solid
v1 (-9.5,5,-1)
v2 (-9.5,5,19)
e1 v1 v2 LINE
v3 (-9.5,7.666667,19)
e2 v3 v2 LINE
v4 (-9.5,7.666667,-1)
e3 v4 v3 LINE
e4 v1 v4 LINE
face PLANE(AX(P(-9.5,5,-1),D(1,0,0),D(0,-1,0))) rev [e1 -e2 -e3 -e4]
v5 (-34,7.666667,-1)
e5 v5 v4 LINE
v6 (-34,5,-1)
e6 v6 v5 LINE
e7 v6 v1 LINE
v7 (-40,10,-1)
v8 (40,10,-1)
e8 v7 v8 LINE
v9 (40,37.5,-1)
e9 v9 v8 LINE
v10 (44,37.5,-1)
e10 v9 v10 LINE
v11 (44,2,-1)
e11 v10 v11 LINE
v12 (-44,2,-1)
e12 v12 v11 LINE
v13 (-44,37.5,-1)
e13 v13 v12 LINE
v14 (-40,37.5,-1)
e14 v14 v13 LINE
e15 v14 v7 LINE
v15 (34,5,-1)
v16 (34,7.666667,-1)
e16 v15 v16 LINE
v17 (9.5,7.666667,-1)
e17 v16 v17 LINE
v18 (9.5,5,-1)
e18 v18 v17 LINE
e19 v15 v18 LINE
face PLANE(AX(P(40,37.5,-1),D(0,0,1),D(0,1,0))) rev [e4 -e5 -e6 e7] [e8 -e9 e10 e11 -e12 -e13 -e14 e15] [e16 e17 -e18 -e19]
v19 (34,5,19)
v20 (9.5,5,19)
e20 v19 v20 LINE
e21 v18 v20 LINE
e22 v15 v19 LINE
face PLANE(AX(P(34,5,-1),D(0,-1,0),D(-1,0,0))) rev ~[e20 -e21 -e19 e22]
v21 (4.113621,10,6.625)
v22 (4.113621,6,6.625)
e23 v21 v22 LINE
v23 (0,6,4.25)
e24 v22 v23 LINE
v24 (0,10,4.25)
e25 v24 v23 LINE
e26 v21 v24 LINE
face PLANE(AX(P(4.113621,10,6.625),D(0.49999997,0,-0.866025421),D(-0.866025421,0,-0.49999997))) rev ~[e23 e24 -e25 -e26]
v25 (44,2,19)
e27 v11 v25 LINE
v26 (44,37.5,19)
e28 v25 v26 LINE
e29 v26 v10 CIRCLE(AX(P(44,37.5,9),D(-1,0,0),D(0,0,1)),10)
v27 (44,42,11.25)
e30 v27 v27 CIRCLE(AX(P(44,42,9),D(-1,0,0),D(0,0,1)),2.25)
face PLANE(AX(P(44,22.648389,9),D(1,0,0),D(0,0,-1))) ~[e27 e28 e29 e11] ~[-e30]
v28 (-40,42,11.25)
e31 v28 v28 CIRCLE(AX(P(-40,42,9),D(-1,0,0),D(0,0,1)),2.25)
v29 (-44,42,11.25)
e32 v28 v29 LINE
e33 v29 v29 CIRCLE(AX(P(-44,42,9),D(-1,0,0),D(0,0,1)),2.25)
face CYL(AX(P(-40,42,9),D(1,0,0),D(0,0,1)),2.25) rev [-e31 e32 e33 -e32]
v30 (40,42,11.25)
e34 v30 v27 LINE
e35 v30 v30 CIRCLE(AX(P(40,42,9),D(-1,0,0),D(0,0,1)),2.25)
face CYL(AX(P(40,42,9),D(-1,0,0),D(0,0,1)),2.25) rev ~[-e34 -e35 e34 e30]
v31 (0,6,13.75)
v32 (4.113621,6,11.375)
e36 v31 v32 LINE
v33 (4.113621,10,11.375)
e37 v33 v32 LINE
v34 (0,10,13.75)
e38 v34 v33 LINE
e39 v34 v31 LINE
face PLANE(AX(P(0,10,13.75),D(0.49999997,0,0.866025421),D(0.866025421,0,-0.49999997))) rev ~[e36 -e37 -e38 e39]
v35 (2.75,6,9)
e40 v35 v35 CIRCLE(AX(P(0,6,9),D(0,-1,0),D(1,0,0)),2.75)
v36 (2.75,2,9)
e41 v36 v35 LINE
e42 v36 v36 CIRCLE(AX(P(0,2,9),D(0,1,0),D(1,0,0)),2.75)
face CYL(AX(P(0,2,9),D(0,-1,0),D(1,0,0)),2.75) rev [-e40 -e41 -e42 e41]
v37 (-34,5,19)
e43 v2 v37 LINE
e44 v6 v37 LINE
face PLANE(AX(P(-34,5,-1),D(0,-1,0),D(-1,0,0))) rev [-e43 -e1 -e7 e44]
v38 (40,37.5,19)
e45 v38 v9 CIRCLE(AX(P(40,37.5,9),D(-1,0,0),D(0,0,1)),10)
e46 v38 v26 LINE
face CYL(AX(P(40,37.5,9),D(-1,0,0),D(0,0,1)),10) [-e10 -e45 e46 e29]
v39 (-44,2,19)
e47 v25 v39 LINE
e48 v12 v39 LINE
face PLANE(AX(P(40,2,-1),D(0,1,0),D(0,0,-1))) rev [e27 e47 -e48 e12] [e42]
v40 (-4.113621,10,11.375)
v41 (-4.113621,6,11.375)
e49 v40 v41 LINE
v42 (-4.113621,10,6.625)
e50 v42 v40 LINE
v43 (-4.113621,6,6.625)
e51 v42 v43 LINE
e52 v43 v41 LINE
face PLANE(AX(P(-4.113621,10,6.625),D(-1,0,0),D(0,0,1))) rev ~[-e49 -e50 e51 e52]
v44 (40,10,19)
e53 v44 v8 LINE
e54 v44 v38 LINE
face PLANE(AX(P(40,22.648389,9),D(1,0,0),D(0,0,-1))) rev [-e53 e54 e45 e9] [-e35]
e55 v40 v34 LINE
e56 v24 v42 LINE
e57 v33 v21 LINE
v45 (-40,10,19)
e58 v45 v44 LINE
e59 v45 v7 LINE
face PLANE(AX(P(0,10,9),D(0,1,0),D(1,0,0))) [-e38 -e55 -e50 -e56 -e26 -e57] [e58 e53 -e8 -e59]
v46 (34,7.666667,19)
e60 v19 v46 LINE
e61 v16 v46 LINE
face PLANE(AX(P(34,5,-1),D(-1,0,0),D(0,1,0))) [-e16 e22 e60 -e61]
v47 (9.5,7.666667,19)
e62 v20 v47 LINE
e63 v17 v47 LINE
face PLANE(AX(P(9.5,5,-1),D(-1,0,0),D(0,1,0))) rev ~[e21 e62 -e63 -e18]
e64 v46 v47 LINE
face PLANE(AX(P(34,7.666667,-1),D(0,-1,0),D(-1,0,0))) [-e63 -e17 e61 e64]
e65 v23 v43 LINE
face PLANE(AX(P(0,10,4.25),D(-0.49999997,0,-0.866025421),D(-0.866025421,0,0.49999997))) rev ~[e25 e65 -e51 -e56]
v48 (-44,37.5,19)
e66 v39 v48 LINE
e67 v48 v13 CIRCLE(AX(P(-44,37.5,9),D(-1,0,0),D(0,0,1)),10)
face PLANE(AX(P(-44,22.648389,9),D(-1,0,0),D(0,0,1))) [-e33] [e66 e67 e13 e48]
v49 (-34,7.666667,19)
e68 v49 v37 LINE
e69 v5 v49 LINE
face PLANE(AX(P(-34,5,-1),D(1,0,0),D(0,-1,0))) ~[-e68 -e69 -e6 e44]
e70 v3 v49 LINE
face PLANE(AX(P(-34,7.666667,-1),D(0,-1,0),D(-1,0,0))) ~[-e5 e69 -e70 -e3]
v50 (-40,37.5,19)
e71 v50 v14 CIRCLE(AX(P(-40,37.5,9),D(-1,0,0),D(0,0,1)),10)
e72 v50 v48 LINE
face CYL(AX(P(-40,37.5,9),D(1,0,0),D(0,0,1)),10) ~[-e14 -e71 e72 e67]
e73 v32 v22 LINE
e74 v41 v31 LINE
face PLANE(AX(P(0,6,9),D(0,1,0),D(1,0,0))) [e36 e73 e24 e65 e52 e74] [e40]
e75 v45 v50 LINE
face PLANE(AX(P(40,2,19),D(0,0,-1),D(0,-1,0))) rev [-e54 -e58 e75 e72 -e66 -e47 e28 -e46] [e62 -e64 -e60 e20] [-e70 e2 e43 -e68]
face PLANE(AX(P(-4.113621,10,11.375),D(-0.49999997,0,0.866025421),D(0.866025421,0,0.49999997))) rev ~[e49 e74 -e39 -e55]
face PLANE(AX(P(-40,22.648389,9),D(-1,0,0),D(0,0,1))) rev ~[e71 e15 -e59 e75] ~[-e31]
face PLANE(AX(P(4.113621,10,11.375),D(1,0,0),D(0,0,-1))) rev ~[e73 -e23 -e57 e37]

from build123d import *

# Parameters (mm, degrees)
SKETCH005_W             = 80
SKETCH005_H             = 20
SKETCH005_R             = 2.75
PAD010_DEPTH            = 8
POCKET009_DEPTH         = 4
SKETCH011_W             = 24.5
SKETCH011_H             = 2.666667
POCKET010_DEPTH         = 185.699521
SKETCH017_R             = 2.25
PAD011_DEPTH            = 4
BODY002_PLACEMENT_ANGLE = 180


with BuildPart() as part:
    # Sketch005 → Pad010 (new body)
    with BuildSketch(Plane.XZ):
        Rectangle(SKETCH005_W, SKETCH005_H)
        Circle(SKETCH005_R, mode=Mode.SUBTRACT)
    extrude(amount=PAD010_DEPTH)

    # Sketch007 → Pocket009 (cut)
    with BuildSketch(Plane.XZ.offset(8)):
        Polygon((4.113621, 2.375), (0, 4.75), (-4.113621, 2.375), (-4.113621, -2.375), (0, -4.75), (4.113621, -2.375), align=None)
    extrude(amount=-POCKET009_DEPTH, mode=Mode.SUBTRACT)

    # Sketch011 → Pocket010 (cut, through all)
    with BuildSketch(Plane(origin=(0, 0, 10), x_dir=(-1, 0, 0), z_dir=(0, 0, 1))):
        with Locations((-21.75, 4.333334)):
            Rectangle(SKETCH011_W, SKETCH011_H)
    pocket010 = extrude(amount=-POCKET010_DEPTH, mode=Mode.SUBTRACT)

    # Sketch017 (on Face4 of Pad010) → Pad011 (join)
    with BuildSketch(Plane(origin=(-40, 0, 0), x_dir=(0, 0, -1), z_dir=(-1, 0, 0))):
        with BuildLine():
            Line((-10, 0), (10, 0))
            Line((10, 0), (10, 35.5))
            ThreePointArc((10, 35.5), (0, 45.5), (-10, 35.5))
            Line((-10, 35.5), (-10, 0))
        make_face()
        with Locations((0, 40)):
            Circle(SKETCH017_R, mode=Mode.SUBTRACT)
    pad011 = extrude(amount=PAD011_DEPTH)

    # Mirrored007: Pad011 across YZ
    add(pad011.mirror(Plane.YZ))

    # Mirrored008: Pocket010 across YZ
    add(pocket010.mirror(Plane.YZ), mode=Mode.SUBTRACT)


with BuildPart() as part_1:
    # Body002 placement: moved
    add(part.part.moved(Location((0, 2, 9))).rotate(Axis((0, 2, 9), (1, 0, 0)), BODY002_PLACEMENT_ANGLE))


solid = part_1.part
